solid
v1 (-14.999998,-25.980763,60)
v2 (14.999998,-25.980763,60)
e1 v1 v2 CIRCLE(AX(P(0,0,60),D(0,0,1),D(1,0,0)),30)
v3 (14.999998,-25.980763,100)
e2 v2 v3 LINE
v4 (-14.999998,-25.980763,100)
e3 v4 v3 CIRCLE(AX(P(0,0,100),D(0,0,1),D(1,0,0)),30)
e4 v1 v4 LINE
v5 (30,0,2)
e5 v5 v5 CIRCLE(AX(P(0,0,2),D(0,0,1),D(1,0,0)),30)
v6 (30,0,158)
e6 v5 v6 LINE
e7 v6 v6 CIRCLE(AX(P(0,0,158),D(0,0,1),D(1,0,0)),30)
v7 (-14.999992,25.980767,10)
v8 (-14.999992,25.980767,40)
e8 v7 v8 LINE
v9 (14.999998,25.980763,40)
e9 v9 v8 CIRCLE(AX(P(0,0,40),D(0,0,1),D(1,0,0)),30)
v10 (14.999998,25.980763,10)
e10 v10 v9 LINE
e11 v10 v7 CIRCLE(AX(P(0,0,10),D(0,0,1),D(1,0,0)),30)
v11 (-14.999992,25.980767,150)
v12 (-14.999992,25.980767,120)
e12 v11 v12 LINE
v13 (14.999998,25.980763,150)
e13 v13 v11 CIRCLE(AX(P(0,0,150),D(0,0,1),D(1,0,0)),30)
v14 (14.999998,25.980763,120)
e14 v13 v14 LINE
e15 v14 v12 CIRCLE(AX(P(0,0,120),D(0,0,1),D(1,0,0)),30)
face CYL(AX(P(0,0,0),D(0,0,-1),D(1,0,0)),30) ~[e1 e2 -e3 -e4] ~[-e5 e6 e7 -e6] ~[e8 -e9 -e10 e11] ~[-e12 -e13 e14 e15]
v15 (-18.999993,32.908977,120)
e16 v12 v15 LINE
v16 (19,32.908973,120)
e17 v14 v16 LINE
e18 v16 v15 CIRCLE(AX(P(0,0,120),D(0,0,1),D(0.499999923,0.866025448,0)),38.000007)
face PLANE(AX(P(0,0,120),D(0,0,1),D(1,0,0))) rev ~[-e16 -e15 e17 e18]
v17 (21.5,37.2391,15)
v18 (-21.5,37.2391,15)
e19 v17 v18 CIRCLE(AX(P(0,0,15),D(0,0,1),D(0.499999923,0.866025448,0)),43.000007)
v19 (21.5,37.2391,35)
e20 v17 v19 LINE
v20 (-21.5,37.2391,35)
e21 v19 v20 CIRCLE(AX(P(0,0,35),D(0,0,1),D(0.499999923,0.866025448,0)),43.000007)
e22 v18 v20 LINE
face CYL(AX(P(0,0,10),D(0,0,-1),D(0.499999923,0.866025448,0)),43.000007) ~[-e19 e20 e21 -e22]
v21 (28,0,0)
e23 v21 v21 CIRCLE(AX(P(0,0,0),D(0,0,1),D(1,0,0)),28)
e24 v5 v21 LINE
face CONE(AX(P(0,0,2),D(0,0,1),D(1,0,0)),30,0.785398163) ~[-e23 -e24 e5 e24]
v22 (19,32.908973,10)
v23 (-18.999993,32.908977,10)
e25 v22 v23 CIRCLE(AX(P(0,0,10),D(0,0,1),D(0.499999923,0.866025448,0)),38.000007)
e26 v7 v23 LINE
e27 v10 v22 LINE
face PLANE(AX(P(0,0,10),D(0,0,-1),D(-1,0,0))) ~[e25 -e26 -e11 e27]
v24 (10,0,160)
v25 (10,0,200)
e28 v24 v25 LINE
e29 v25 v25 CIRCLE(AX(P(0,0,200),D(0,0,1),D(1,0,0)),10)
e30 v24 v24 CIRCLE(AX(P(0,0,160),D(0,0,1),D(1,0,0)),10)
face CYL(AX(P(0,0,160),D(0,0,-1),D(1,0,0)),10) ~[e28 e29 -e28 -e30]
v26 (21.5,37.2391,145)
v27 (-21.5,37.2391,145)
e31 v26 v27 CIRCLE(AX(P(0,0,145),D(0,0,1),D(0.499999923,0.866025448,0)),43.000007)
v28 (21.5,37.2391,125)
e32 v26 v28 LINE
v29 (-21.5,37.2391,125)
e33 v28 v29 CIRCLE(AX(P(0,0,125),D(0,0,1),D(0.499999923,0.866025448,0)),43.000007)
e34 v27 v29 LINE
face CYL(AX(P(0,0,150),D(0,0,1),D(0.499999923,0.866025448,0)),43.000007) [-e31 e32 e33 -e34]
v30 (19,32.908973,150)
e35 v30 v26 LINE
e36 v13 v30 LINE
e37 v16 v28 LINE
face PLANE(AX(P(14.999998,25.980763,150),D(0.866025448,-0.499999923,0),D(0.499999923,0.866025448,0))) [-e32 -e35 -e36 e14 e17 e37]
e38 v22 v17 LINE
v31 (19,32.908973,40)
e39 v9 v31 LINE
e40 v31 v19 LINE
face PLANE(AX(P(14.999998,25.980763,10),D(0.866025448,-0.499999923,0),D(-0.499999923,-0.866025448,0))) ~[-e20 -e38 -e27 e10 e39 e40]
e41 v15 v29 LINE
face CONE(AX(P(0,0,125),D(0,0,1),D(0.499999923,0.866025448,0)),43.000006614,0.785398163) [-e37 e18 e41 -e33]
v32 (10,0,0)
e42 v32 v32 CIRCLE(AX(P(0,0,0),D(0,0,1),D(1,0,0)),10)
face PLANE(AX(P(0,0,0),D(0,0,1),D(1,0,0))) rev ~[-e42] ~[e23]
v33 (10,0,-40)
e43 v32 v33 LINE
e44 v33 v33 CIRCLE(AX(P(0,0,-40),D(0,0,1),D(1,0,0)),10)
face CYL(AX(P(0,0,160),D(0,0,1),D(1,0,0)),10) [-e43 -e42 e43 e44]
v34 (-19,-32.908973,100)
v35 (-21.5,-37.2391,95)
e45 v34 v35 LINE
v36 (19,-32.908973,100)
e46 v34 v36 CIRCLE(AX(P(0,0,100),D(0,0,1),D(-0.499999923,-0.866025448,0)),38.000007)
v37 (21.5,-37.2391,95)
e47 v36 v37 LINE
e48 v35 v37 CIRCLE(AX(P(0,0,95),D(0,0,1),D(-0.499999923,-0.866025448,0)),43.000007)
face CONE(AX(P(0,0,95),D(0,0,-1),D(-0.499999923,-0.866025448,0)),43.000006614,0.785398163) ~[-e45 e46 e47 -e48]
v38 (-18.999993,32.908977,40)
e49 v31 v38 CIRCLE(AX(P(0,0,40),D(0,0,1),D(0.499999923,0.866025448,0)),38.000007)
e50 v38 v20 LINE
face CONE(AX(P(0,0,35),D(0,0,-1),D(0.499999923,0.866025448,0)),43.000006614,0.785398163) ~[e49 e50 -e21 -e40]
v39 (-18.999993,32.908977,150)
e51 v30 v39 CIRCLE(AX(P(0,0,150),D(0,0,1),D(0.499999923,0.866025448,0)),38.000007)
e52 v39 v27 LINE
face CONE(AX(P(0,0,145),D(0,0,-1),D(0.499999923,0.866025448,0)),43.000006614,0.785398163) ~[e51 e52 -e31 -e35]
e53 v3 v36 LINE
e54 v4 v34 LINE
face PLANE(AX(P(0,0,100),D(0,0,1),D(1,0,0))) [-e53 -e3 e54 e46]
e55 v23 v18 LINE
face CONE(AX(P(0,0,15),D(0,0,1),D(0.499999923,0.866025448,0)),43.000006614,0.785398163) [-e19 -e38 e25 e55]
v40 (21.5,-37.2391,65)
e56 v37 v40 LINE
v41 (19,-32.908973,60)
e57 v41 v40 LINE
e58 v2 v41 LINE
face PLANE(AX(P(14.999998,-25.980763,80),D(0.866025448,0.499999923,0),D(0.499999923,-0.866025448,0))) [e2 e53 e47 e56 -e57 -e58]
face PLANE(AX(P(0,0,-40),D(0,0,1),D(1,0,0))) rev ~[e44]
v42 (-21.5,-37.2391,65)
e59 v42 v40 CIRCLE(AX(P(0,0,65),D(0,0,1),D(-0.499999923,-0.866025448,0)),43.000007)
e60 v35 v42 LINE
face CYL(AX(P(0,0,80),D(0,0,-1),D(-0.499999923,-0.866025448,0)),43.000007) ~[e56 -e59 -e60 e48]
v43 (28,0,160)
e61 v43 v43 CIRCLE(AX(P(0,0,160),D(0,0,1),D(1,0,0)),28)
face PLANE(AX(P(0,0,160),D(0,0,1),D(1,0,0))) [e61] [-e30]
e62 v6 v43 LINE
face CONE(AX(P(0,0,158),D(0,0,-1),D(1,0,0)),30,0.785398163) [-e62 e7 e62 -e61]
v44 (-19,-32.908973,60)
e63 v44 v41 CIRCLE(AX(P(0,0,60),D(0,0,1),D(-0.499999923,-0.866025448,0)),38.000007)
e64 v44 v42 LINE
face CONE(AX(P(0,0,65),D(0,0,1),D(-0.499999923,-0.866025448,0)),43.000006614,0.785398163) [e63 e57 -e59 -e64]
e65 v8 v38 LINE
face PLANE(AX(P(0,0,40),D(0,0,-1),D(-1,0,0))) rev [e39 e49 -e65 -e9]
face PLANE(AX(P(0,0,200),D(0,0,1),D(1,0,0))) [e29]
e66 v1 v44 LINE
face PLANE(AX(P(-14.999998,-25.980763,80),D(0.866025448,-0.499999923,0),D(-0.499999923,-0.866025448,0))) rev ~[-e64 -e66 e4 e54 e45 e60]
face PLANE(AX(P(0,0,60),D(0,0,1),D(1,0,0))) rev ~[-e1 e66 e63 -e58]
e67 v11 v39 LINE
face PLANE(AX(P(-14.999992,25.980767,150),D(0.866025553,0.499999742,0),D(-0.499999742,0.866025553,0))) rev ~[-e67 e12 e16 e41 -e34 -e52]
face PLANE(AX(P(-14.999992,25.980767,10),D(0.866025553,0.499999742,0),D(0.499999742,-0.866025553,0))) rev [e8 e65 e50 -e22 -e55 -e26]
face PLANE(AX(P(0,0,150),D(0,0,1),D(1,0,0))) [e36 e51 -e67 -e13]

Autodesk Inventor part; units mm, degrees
ref_plane "YZ Plane" through (0, 0, 0) normal (1, 0, 0) x (0, 1, 0)
sketch "Sketch1" plane through (0, 0, 0) normal (0, 0, 1) x (1, 0, 0)
  circle A0 centre (0, 0) radius 30
  dimension "d0" = 60
extrude "Extrusion1" add sketch "Sketch1" along normal blind 160
ref_plane "Work Plane1" through (0, 0, 150) normal (0, 0, 1) x (1, 0, 0)
sketch "Sketch4" plane through (0, 0, 150) normal (0, 0, 1) x (1, 0, 0)
  circle A0 centre (0, 0) radius 30 projected
  line L0 (0, 0) -> (21.5, 37.2391)
  line L1 (0, 0) -> (43, 0) construction
  line L2 (0, 0) -> (-25, 43.3013)
  arc A1 (21.5, 37.2391) -> (-21.5, 37.2391) centre (0, 0) ccw
  point P0 (-21.5, 37.2391)
  point P1 (-15, 25.9808)
  point P2 (15, 25.9808)
  dimension "d6" = 43
  dimension "d7" = 60
extrude "Extrusion2" add sketch "Sketch4" against normal blind 30 contours A0 L2 A1 L0
ref_plane "Work Plane2" through (0, 0, 80) normal (0, 0, 1) x (1, 0, 0)
mirror "Mirror1" about plane through (0, 0, 80) normal (0, 0, 1) of "Extrusion2"
sketch "Sketch5" plane through (0, 0, 80) normal (0, 0, 1) x (1, 0, 0)
  line L0 (0, 0) -> (21.5, -37.2391)
  line L1 (0, 0) -> (43, 0) construction
  circle A0 centre (0, 0) radius 30 projected
  line L2 (0, 0) -> (-21.5, -37.2391)
  arc A1 (-21.5, -37.2391) -> (21.5, -37.2391) centre (0, 0) ccw
  point P0 (15, -25.9808)
  point P1 (-15, -25.9808)
  dimension "d10" = 43
  dimension "d11" = 60
extrude "Extrusion3" add sketch "Sketch5" along normal mid plane 40 contours L0 A1 L2 A0
chamfer "Chamfer1" distance 5 angle 45 6 edges at (0, 43, 150) (0, 43, 120) (0, 43, 40) (0, 43, 10) (0, -43, 100) (0, -43, 60)
chamfer "Chamfer2" distance 2 angle 45 2 edges at (-30, 0, 0) (-30, 0, 160)
sketch "Sketch6" plane through (0, 0, 160) normal (0, 0, 1) x (1, 0, 0)
  circle A0 centre (0, 0) radius 10
  dimension "d20" = 20
extrude "Extrusion4" add sketch "Sketch6" along normal blind 40 and the other way blind 200
